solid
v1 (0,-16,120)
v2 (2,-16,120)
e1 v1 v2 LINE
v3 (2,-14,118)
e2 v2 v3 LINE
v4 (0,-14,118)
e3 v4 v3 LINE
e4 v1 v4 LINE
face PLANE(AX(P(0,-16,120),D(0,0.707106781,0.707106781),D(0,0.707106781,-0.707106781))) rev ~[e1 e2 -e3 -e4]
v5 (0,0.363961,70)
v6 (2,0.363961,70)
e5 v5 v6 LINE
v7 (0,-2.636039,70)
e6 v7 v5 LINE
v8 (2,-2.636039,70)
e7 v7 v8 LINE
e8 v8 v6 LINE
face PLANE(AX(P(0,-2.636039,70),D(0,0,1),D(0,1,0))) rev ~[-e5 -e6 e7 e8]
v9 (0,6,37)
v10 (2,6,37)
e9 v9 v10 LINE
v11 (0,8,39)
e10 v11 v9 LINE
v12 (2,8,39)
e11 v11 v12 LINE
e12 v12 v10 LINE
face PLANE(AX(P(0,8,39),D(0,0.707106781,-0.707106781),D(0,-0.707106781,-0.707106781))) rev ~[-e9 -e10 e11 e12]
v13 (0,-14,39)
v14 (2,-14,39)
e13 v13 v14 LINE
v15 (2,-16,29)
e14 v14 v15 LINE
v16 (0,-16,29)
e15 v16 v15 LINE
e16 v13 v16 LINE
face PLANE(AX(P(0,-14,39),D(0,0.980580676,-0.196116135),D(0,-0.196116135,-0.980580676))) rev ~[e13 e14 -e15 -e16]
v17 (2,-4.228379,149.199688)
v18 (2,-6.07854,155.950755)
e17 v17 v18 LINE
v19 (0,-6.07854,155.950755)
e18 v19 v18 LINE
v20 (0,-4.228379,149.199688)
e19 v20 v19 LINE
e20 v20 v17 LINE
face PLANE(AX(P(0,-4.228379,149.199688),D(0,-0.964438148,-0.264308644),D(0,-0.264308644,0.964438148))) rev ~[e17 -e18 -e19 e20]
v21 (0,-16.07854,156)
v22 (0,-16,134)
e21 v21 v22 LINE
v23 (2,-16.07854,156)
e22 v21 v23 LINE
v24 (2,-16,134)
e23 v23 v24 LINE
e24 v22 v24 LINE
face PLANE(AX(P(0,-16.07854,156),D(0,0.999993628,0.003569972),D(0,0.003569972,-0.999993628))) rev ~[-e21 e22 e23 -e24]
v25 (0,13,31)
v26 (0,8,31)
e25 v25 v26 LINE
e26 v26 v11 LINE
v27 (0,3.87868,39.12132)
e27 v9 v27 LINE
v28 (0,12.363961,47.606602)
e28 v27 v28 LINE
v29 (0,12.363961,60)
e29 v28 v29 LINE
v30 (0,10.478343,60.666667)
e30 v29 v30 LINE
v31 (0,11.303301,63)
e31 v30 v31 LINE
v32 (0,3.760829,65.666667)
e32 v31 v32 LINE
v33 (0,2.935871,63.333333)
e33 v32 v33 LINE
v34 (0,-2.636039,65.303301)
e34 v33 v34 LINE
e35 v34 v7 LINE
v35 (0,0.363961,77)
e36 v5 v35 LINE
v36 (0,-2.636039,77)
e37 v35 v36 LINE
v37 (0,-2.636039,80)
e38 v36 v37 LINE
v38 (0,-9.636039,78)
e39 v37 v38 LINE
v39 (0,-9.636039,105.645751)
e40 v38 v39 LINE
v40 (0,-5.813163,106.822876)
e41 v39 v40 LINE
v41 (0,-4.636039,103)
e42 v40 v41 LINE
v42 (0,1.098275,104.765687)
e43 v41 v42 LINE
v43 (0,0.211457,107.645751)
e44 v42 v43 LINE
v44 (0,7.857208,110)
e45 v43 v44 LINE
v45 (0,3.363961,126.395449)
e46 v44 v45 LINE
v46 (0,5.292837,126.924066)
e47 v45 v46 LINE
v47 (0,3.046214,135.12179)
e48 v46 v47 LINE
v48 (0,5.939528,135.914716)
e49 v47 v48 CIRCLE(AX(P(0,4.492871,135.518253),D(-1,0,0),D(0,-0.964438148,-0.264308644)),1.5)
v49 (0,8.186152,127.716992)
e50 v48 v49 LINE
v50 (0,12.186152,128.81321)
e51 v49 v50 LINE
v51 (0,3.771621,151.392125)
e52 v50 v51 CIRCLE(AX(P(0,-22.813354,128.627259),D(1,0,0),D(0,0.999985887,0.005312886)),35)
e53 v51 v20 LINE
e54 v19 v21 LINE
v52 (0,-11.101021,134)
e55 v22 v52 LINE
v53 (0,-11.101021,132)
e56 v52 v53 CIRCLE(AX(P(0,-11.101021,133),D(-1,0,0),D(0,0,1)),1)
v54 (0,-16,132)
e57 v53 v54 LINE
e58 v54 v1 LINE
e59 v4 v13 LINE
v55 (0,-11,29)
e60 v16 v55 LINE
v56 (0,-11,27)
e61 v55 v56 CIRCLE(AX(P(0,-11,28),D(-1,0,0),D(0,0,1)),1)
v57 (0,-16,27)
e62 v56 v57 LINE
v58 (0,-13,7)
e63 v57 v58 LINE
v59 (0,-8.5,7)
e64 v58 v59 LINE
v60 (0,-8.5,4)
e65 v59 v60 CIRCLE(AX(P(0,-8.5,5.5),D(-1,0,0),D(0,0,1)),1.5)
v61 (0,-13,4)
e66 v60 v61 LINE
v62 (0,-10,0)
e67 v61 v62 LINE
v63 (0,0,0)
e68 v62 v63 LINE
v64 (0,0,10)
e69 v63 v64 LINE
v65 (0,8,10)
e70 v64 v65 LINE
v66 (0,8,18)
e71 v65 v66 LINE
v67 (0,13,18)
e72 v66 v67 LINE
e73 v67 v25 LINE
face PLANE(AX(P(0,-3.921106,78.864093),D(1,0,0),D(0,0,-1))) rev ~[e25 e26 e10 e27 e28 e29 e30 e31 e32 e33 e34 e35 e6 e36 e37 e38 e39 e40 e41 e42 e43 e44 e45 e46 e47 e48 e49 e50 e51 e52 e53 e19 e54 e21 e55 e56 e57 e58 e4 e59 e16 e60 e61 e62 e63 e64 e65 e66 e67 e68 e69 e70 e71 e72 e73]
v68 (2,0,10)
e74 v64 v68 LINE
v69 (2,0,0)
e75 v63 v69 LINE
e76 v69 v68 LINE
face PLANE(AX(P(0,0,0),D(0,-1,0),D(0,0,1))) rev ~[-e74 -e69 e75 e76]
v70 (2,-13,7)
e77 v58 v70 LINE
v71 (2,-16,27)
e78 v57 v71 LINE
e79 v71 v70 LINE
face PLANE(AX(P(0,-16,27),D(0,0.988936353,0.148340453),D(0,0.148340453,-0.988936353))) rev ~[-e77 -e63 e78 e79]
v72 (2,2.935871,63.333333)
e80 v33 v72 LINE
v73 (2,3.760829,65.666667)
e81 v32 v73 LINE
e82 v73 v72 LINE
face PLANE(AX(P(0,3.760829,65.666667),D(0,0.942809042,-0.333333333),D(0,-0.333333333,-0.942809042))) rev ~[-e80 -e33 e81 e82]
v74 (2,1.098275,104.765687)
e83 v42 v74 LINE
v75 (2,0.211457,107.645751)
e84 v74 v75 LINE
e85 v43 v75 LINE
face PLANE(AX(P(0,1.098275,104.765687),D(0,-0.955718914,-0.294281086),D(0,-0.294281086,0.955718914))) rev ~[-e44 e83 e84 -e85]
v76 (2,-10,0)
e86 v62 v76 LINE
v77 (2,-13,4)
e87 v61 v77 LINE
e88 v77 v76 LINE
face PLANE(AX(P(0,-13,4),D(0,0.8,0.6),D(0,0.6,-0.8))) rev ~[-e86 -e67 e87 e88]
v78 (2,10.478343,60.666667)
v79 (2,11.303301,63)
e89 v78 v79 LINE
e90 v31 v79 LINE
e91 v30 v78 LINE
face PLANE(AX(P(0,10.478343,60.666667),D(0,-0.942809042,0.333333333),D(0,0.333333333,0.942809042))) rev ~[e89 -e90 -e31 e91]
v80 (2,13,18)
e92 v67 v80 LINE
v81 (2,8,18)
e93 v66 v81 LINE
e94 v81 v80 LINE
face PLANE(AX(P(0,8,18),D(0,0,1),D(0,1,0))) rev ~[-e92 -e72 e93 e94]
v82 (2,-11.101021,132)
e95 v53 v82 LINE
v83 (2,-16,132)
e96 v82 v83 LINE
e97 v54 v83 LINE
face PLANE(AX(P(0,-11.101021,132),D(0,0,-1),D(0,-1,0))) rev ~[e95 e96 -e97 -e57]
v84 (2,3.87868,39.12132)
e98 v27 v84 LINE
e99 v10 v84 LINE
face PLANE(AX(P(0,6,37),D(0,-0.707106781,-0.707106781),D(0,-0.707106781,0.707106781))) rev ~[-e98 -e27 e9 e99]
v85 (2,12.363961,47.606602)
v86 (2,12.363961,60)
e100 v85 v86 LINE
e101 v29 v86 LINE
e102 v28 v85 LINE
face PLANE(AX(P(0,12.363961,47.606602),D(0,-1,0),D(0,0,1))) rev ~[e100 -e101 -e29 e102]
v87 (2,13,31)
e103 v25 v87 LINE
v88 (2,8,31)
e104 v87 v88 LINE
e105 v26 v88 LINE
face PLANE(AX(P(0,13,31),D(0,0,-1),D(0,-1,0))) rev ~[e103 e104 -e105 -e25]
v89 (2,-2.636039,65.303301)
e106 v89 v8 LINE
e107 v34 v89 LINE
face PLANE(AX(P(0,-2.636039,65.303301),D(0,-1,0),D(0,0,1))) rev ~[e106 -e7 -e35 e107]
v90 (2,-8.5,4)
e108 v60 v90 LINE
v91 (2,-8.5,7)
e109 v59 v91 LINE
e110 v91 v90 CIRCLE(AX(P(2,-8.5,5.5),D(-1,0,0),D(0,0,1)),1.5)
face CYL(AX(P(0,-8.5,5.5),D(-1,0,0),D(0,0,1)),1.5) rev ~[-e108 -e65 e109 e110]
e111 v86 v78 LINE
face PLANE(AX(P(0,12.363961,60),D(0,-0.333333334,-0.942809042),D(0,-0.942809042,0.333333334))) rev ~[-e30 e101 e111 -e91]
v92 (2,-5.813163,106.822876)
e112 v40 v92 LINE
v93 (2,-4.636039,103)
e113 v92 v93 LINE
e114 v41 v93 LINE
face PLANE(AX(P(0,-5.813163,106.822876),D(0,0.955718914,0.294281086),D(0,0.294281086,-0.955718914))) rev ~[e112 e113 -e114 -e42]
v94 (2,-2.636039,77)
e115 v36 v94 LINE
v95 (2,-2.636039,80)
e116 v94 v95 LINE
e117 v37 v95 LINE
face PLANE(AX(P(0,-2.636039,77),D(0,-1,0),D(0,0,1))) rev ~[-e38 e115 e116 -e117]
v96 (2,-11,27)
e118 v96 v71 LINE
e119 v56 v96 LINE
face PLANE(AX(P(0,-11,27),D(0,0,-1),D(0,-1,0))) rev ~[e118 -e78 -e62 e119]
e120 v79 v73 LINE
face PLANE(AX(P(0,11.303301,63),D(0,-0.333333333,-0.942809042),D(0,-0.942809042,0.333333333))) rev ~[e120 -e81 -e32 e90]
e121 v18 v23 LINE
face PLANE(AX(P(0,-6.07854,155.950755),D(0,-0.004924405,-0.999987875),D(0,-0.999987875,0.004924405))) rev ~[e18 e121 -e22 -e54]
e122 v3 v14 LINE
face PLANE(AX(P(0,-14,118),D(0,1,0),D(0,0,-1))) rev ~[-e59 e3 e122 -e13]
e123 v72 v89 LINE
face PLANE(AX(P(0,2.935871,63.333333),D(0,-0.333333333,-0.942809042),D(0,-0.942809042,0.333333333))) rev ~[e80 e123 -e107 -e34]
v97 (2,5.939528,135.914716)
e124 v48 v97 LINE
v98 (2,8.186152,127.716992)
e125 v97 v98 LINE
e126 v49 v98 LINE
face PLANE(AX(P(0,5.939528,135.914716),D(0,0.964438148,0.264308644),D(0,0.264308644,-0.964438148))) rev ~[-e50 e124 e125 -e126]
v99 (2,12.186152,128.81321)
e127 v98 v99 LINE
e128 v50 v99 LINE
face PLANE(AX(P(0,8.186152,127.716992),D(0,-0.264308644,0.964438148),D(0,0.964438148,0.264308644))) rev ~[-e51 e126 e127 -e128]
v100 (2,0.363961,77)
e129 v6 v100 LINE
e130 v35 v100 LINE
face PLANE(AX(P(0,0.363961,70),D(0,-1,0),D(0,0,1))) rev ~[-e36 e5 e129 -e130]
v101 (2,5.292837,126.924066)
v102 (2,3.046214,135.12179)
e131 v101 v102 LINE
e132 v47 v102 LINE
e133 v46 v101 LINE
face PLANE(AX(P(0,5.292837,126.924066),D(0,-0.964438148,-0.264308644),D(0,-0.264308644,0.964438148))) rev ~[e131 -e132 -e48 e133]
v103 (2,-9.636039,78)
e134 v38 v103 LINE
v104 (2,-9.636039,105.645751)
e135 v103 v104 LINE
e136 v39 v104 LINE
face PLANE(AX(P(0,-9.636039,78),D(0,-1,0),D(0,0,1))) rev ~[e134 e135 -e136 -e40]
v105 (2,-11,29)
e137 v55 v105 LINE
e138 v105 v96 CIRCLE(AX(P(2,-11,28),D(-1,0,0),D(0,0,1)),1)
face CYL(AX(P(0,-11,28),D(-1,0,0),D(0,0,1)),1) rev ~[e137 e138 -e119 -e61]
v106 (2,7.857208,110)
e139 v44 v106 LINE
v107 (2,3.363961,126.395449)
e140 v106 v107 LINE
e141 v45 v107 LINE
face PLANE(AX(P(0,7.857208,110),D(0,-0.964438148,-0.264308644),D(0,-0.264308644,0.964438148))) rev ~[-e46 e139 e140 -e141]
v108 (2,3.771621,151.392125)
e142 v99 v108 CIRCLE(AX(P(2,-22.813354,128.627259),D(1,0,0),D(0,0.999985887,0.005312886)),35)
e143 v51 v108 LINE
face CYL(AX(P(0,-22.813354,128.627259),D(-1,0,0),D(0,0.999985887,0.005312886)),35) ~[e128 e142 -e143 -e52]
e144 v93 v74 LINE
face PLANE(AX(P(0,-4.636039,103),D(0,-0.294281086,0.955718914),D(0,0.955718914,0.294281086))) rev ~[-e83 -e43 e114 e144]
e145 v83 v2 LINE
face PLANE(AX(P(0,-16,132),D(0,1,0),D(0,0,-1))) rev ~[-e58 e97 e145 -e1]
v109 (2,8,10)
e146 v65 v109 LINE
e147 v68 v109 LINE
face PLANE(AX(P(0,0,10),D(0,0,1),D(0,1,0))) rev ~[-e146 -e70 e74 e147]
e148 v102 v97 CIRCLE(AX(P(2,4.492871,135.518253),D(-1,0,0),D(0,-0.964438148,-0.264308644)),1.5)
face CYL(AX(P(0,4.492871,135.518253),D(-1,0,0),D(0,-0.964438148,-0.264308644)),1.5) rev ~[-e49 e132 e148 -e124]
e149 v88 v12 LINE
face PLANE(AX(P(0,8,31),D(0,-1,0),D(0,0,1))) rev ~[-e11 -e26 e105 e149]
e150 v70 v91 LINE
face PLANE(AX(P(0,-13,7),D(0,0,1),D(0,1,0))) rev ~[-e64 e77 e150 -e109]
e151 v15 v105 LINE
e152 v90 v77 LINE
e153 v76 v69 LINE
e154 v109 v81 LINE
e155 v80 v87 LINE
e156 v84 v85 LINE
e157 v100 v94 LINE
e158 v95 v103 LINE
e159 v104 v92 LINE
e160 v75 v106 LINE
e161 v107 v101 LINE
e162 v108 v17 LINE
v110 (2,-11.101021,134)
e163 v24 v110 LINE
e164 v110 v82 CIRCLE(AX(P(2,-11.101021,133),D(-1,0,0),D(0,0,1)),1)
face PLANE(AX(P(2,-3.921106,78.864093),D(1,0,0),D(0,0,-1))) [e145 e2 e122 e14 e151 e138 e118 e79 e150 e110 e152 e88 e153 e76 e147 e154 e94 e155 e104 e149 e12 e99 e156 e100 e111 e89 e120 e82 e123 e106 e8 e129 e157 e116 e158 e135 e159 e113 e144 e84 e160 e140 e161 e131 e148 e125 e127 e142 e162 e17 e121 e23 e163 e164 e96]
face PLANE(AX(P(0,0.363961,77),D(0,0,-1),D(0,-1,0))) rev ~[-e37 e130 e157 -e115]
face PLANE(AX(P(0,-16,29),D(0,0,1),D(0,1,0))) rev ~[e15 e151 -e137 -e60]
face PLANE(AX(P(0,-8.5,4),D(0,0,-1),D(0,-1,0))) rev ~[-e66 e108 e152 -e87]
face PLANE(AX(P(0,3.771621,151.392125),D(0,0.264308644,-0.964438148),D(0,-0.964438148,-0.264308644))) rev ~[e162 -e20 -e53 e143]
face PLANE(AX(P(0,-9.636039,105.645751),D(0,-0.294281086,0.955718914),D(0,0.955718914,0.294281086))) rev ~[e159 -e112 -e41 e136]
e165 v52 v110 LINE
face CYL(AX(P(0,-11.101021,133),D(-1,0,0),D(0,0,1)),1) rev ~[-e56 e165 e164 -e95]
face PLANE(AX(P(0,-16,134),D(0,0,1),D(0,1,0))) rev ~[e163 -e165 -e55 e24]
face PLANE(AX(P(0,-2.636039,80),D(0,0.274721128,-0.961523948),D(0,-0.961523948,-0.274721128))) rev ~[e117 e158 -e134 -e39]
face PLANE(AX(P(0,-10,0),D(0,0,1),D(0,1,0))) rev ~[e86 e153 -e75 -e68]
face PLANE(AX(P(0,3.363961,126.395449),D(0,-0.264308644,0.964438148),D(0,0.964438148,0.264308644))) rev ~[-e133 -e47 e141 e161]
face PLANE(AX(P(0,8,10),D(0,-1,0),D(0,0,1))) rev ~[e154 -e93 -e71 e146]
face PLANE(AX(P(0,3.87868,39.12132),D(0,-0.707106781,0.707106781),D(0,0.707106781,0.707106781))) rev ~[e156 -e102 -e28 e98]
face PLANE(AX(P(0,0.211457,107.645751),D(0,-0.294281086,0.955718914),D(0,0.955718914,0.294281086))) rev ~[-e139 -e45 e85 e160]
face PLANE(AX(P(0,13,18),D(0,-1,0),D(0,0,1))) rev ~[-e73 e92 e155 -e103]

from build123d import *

# Parameters (mm, degrees)
RESSALTO_EXTRUS_O1_DEPTH = 2


with BuildPart() as part:
    # Esboço1 → Ressalto-extrusão1 (new body)
    with BuildSketch(Plane(origin=(0, 0, 0), x_dir=(0, 0, -1), z_dir=(1, 0, 0))):
        with BuildLine():
            Line((0, 0), (-10, 0))
            Line((-10, 0), (-10, 8))
            Line((-10, 8), (-18, 8))
            Line((-18, 8), (-18, 13))
            Line((-18, 13), (-31, 13))
            Line((-31, 13), (-31, 8))
            Line((-31, 8), (-39, 8))
            Line((-39, 8), (-37, 6))
            Line((-37, 6), (-39.121320344, 3.878679656))
            Line((-39.121320344, 3.878679656), (-47.606601718, 12.363961031))
            Line((-47.606601718, 12.363961031), (-60, 12.363961031))
            Line((-60, 12.363961031), (-60.666666667, 10.478342948))
            Line((-60.666666667, 10.478342948), (-63, 11.303300859))
            Line((-63, 11.303300859), (-65.666666667, 3.760828526))
            Line((-65.666666667, 3.760828526), (-63.333333333, 2.935870615))
            Line((-63.333333333, 2.935870615), (-65.303300859, -2.636038969))
            Line((-65.303300859, -2.636038969), (-70, -2.636038969))
            Line((-70, -2.636038969), (-70, 0.363961031))
            Line((-70, 0.363961031), (-77, 0.363961031))
            Line((-77, 0.363961031), (-77, -2.636038969))
            Line((-77, -2.636038969), (-80, -2.636038969))
            Line((-80, -2.636038969), (-78, -9.636038969))
            Line((-78, -9.636038969), (-105.645751311, -9.636038969))
            Line((-105.645751311, -9.636038969), (-106.822875656, -5.813163314))
            Line((-106.822875656, -5.813163314), (-103, -4.636038969))
            Line((-103, -4.636038969), (-104.765686517, 1.098274514))
            Line((-104.765686517, 1.098274514), (-107.645751311, 0.21145666))
            Line((-107.645751311, 0.21145666), (-110, 7.857207972))
            Line((-110, 7.857207972), (-126.395448513, 3.363961031))
            Line((-126.395448513, 3.363961031), (-126.9240658, 5.292837326))
            Line((-126.9240658, 5.292837326), (-135.121790056, 3.046213856))
            ThreePointArc((-135.121790056, 3.046213856), (-136.964910243, 4.096408112), (-135.914715987, 5.939528299))
            Line((-135.914715987, 5.939528299), (-127.71699173, 8.18615177))
            Line((-127.71699173, 8.18615177), (-128.813209852, 12.18615177))
            ThreePointArc((-128.813209852, 12.18615177), (-140.849618713, 9.983199212), (-151.392124565, 3.771620619))
            Line((-151.392124565, 3.771620619), (-149.199688323, -4.228379381))
            Line((-149.199688323, -4.228379381), (-155.950755357, -6.078539886))
            Line((-155.950755357, -6.078539886), (-156, -16.078539886))
            Line((-156, -16.078539886), (-134, -16))
            Line((-134, -16), (-134, -11.101020514))
            ThreePointArc((-134, -11.101020514), (-133, -10.101020514), (-132, -11.101020514))
            Line((-132, -11.101020514), (-132, -16))
            Line((-132, -16), (-120, -16))
            Line((-120, -16), (-118, -14))
            Line((-118, -14), (-39, -14))
            Line((-39, -14), (-29, -16))
            Line((-29, -16), (-29, -11))
            ThreePointArc((-29, -11), (-28, -10), (-27, -11))
            Line((-27, -11), (-27, -16))
            Line((-27, -16), (-7, -13))
            Line((-7, -13), (-7, -8.5))
            ThreePointArc((-7, -8.5), (-5.5, -7), (-4, -8.5))
            Line((-4, -8.5), (-4, -13))
            Line((-4, -13), (0, -10))
            Line((0, -10), (0, 0))
        make_face()
    extrude(amount=RESSALTO_EXTRUS_O1_DEPTH)


solid = part.part
